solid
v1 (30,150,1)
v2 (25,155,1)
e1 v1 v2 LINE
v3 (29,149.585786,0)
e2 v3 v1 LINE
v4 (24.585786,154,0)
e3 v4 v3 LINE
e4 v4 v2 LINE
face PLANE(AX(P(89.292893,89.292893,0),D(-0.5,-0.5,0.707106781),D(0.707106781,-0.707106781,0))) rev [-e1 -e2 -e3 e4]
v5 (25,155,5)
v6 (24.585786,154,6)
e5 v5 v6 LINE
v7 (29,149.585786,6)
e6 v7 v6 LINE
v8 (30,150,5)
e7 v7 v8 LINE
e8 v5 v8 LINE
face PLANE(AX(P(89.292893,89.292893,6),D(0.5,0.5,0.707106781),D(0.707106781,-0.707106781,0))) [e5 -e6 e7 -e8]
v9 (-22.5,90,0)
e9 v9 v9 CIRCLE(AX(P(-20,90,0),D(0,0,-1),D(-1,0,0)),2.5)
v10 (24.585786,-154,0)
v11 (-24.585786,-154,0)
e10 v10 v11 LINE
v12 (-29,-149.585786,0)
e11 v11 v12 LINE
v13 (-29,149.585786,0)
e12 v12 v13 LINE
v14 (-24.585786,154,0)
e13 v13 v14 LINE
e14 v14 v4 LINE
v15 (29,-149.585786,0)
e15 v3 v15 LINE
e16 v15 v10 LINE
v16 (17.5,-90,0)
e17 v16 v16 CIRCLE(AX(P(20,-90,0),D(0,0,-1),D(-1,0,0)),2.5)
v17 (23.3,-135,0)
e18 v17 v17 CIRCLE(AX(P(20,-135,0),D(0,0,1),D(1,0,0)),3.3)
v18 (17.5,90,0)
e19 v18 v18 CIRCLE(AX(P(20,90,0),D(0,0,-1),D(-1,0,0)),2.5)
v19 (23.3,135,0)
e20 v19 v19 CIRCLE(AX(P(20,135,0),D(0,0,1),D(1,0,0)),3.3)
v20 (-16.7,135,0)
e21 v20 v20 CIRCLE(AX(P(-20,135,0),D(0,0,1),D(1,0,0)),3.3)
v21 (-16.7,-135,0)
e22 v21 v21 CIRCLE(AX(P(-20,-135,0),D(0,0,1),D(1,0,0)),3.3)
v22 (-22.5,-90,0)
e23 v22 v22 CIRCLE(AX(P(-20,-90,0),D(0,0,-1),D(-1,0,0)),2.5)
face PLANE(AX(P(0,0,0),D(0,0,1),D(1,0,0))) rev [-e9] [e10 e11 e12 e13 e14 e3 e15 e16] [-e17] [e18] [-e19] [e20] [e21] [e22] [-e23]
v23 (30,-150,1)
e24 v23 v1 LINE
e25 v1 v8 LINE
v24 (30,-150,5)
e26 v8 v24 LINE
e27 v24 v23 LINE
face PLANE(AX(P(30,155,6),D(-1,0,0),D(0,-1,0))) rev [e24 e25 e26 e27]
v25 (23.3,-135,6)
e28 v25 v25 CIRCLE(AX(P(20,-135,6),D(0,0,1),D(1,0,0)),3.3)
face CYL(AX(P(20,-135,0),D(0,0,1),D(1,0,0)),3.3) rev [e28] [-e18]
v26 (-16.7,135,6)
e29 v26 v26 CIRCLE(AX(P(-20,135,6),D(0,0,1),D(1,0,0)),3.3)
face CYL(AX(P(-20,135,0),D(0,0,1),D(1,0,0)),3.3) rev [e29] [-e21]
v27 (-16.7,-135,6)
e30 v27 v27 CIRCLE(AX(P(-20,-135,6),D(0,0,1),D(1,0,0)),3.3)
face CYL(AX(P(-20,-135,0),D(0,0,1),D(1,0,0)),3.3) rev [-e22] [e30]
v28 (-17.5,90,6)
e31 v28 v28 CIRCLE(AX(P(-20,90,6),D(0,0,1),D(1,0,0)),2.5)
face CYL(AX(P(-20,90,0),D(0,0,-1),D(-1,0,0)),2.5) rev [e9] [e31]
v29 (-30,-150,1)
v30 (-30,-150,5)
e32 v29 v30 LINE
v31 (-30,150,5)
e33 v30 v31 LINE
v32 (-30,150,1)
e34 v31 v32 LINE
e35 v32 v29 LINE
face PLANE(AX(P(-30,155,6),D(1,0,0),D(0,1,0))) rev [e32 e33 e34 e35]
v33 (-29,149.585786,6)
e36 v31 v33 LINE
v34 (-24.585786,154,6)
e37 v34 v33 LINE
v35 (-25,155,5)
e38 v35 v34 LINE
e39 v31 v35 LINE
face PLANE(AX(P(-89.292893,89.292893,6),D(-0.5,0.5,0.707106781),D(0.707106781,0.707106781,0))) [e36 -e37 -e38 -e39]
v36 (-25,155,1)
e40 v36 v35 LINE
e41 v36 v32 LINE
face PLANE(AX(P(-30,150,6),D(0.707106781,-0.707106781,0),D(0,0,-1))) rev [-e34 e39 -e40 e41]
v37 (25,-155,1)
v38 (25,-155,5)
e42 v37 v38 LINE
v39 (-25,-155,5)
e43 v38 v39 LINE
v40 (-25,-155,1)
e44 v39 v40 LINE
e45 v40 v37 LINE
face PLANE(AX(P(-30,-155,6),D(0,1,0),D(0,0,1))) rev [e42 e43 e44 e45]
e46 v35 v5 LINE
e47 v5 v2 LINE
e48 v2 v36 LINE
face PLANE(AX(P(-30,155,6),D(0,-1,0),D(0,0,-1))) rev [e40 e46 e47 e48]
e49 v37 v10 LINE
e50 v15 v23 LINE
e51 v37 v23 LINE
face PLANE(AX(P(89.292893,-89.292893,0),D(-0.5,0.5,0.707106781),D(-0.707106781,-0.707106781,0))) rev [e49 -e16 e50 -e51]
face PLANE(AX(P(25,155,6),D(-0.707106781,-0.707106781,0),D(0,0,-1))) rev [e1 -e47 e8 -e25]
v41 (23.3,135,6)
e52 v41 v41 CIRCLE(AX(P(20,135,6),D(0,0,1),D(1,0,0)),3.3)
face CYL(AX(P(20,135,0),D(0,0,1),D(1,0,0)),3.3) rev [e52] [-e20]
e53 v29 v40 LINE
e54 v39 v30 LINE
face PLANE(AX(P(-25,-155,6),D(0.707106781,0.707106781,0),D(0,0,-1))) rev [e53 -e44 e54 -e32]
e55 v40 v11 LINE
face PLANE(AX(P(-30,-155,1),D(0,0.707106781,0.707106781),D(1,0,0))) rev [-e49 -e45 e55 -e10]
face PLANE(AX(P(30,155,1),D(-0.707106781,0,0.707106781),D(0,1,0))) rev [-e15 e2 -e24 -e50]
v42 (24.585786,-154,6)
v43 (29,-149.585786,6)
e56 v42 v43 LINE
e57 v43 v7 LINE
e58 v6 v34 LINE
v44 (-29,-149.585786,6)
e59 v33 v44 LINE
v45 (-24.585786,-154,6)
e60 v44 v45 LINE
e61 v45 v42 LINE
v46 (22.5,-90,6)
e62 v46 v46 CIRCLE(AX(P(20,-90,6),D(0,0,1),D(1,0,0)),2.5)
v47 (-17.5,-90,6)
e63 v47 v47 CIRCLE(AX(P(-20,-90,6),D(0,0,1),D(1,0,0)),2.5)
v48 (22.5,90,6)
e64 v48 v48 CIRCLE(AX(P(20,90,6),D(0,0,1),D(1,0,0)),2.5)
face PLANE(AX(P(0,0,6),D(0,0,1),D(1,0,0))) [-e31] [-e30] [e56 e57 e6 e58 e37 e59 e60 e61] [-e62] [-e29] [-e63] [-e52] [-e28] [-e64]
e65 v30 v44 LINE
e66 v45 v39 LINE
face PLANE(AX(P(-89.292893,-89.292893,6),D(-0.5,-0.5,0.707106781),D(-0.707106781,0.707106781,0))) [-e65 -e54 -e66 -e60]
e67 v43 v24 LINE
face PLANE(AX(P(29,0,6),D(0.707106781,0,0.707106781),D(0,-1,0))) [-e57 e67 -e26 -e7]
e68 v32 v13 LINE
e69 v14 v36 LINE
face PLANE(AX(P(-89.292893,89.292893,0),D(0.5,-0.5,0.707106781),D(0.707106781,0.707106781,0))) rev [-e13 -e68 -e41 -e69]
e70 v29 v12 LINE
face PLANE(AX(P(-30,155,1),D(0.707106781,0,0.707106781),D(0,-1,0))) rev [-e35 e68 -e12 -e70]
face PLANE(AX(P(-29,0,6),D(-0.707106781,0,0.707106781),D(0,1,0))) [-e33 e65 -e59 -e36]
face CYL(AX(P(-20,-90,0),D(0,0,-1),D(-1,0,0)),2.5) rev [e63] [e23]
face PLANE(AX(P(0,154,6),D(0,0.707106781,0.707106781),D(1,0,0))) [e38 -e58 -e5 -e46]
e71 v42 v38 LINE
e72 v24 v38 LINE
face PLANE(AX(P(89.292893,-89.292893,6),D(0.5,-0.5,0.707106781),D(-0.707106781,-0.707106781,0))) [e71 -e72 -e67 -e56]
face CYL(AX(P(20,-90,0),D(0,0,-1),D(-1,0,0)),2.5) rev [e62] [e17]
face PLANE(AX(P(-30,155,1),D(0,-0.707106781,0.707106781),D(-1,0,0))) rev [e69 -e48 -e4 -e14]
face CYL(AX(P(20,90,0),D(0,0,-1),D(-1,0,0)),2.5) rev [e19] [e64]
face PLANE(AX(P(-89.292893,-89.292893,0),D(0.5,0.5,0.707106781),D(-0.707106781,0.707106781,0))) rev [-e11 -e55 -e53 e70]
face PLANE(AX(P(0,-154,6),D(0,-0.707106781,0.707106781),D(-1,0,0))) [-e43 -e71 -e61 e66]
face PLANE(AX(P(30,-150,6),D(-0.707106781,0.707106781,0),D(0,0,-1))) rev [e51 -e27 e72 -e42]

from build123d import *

# Parameters (mm, degrees)
SKETCH_1_W             = 60
SKETCH_1_H             = 310
EXTRUDE_1_DEPTH        = 6
SKETCH_2_R             = 3.3
CUT_EXTRUDE_1_DEPTH    = 158.990506044
CHAMFER_2_SIZE         = 5
CHAMFER_1_SIZE         = 1
HOLE_WIZARD_M6_1_D     = 5
HOLE_WIZARD_M6_1_DEPTH = 19.75
HOLE_WIZARD_M6_1_TIP   = 1.502151548


with BuildPart() as part:
    # 草图1 → 凸台-拉伸1 (new body)
    with BuildSketch(Plane.XY):
        Rectangle(SKETCH_1_W, SKETCH_1_H)
    extrude(amount=EXTRUDE_1_DEPTH)

    # 草图2 → 切除-拉伸1 (cut, through all)
    with BuildSketch(Plane.XY.offset(6)):
        with Locations((-20, 135)):
            Circle(SKETCH_2_R)
        with Locations((20, 135)):
            Circle(SKETCH_2_R)
        with Locations((-20, -135)):
            Circle(SKETCH_2_R)
        with Locations((20, -135)):
            Circle(SKETCH_2_R)
    extrude(amount=-CUT_EXTRUDE_1_DEPTH, mode=Mode.SUBTRACT)

    # 倒角2
    chamfer_2_edges = [part.edges().sort_by_distance(p)[0] for p in [
        (30, -155, 3),
        (-30, -155, 3),
        (-30, 155, 3),
        (30, 155, 3),
    ]]
    chamfer(chamfer_2_edges, length=CHAMFER_2_SIZE)

    # 倒角1
    chamfer_1_edges = [part.edges().sort_by_distance(p)[0] for p in [
        (0, -155, 0),
        (0, -155, 6),
        (30, 0, 0),
        (-30, 0, 0),
        (0, 155, 0),
        (27.5, 152.5, 0),
        (-27.5, 152.5, 0),
        (27.5, -152.5, 0),
        (-27.5, -152.5, 0),
        (-30, 0, 6),
        (30, 0, 6),
        (0, 155, 6),
        (27.5, 152.5, 6),
        (-27.5, 152.5, 6),
        (27.5, -152.5, 6),
        (-27.5, -152.5, 6),
    ]]
    chamfer(chamfer_1_edges, length=CHAMFER_1_SIZE)

    # M6 螺纹孔1
    with Locations(Plane(origin=(0, 0, 0), x_dir=(-1, 0, 0), z_dir=(0, 0, -1))):
        with Locations((-20, 89.999999889), (20, 89.999999889), (20, -90.000000111), (-20, -90.000000111)):
            Hole(HOLE_WIZARD_M6_1_D / 2, depth=HOLE_WIZARD_M6_1_DEPTH)
            with Locations((0, 0, -(HOLE_WIZARD_M6_1_DEPTH + HOLE_WIZARD_M6_1_TIP / 2))):  # 118° drill point
                Cone(0, HOLE_WIZARD_M6_1_D / 2, HOLE_WIZARD_M6_1_TIP, mode=Mode.SUBTRACT)


solid = part.part
